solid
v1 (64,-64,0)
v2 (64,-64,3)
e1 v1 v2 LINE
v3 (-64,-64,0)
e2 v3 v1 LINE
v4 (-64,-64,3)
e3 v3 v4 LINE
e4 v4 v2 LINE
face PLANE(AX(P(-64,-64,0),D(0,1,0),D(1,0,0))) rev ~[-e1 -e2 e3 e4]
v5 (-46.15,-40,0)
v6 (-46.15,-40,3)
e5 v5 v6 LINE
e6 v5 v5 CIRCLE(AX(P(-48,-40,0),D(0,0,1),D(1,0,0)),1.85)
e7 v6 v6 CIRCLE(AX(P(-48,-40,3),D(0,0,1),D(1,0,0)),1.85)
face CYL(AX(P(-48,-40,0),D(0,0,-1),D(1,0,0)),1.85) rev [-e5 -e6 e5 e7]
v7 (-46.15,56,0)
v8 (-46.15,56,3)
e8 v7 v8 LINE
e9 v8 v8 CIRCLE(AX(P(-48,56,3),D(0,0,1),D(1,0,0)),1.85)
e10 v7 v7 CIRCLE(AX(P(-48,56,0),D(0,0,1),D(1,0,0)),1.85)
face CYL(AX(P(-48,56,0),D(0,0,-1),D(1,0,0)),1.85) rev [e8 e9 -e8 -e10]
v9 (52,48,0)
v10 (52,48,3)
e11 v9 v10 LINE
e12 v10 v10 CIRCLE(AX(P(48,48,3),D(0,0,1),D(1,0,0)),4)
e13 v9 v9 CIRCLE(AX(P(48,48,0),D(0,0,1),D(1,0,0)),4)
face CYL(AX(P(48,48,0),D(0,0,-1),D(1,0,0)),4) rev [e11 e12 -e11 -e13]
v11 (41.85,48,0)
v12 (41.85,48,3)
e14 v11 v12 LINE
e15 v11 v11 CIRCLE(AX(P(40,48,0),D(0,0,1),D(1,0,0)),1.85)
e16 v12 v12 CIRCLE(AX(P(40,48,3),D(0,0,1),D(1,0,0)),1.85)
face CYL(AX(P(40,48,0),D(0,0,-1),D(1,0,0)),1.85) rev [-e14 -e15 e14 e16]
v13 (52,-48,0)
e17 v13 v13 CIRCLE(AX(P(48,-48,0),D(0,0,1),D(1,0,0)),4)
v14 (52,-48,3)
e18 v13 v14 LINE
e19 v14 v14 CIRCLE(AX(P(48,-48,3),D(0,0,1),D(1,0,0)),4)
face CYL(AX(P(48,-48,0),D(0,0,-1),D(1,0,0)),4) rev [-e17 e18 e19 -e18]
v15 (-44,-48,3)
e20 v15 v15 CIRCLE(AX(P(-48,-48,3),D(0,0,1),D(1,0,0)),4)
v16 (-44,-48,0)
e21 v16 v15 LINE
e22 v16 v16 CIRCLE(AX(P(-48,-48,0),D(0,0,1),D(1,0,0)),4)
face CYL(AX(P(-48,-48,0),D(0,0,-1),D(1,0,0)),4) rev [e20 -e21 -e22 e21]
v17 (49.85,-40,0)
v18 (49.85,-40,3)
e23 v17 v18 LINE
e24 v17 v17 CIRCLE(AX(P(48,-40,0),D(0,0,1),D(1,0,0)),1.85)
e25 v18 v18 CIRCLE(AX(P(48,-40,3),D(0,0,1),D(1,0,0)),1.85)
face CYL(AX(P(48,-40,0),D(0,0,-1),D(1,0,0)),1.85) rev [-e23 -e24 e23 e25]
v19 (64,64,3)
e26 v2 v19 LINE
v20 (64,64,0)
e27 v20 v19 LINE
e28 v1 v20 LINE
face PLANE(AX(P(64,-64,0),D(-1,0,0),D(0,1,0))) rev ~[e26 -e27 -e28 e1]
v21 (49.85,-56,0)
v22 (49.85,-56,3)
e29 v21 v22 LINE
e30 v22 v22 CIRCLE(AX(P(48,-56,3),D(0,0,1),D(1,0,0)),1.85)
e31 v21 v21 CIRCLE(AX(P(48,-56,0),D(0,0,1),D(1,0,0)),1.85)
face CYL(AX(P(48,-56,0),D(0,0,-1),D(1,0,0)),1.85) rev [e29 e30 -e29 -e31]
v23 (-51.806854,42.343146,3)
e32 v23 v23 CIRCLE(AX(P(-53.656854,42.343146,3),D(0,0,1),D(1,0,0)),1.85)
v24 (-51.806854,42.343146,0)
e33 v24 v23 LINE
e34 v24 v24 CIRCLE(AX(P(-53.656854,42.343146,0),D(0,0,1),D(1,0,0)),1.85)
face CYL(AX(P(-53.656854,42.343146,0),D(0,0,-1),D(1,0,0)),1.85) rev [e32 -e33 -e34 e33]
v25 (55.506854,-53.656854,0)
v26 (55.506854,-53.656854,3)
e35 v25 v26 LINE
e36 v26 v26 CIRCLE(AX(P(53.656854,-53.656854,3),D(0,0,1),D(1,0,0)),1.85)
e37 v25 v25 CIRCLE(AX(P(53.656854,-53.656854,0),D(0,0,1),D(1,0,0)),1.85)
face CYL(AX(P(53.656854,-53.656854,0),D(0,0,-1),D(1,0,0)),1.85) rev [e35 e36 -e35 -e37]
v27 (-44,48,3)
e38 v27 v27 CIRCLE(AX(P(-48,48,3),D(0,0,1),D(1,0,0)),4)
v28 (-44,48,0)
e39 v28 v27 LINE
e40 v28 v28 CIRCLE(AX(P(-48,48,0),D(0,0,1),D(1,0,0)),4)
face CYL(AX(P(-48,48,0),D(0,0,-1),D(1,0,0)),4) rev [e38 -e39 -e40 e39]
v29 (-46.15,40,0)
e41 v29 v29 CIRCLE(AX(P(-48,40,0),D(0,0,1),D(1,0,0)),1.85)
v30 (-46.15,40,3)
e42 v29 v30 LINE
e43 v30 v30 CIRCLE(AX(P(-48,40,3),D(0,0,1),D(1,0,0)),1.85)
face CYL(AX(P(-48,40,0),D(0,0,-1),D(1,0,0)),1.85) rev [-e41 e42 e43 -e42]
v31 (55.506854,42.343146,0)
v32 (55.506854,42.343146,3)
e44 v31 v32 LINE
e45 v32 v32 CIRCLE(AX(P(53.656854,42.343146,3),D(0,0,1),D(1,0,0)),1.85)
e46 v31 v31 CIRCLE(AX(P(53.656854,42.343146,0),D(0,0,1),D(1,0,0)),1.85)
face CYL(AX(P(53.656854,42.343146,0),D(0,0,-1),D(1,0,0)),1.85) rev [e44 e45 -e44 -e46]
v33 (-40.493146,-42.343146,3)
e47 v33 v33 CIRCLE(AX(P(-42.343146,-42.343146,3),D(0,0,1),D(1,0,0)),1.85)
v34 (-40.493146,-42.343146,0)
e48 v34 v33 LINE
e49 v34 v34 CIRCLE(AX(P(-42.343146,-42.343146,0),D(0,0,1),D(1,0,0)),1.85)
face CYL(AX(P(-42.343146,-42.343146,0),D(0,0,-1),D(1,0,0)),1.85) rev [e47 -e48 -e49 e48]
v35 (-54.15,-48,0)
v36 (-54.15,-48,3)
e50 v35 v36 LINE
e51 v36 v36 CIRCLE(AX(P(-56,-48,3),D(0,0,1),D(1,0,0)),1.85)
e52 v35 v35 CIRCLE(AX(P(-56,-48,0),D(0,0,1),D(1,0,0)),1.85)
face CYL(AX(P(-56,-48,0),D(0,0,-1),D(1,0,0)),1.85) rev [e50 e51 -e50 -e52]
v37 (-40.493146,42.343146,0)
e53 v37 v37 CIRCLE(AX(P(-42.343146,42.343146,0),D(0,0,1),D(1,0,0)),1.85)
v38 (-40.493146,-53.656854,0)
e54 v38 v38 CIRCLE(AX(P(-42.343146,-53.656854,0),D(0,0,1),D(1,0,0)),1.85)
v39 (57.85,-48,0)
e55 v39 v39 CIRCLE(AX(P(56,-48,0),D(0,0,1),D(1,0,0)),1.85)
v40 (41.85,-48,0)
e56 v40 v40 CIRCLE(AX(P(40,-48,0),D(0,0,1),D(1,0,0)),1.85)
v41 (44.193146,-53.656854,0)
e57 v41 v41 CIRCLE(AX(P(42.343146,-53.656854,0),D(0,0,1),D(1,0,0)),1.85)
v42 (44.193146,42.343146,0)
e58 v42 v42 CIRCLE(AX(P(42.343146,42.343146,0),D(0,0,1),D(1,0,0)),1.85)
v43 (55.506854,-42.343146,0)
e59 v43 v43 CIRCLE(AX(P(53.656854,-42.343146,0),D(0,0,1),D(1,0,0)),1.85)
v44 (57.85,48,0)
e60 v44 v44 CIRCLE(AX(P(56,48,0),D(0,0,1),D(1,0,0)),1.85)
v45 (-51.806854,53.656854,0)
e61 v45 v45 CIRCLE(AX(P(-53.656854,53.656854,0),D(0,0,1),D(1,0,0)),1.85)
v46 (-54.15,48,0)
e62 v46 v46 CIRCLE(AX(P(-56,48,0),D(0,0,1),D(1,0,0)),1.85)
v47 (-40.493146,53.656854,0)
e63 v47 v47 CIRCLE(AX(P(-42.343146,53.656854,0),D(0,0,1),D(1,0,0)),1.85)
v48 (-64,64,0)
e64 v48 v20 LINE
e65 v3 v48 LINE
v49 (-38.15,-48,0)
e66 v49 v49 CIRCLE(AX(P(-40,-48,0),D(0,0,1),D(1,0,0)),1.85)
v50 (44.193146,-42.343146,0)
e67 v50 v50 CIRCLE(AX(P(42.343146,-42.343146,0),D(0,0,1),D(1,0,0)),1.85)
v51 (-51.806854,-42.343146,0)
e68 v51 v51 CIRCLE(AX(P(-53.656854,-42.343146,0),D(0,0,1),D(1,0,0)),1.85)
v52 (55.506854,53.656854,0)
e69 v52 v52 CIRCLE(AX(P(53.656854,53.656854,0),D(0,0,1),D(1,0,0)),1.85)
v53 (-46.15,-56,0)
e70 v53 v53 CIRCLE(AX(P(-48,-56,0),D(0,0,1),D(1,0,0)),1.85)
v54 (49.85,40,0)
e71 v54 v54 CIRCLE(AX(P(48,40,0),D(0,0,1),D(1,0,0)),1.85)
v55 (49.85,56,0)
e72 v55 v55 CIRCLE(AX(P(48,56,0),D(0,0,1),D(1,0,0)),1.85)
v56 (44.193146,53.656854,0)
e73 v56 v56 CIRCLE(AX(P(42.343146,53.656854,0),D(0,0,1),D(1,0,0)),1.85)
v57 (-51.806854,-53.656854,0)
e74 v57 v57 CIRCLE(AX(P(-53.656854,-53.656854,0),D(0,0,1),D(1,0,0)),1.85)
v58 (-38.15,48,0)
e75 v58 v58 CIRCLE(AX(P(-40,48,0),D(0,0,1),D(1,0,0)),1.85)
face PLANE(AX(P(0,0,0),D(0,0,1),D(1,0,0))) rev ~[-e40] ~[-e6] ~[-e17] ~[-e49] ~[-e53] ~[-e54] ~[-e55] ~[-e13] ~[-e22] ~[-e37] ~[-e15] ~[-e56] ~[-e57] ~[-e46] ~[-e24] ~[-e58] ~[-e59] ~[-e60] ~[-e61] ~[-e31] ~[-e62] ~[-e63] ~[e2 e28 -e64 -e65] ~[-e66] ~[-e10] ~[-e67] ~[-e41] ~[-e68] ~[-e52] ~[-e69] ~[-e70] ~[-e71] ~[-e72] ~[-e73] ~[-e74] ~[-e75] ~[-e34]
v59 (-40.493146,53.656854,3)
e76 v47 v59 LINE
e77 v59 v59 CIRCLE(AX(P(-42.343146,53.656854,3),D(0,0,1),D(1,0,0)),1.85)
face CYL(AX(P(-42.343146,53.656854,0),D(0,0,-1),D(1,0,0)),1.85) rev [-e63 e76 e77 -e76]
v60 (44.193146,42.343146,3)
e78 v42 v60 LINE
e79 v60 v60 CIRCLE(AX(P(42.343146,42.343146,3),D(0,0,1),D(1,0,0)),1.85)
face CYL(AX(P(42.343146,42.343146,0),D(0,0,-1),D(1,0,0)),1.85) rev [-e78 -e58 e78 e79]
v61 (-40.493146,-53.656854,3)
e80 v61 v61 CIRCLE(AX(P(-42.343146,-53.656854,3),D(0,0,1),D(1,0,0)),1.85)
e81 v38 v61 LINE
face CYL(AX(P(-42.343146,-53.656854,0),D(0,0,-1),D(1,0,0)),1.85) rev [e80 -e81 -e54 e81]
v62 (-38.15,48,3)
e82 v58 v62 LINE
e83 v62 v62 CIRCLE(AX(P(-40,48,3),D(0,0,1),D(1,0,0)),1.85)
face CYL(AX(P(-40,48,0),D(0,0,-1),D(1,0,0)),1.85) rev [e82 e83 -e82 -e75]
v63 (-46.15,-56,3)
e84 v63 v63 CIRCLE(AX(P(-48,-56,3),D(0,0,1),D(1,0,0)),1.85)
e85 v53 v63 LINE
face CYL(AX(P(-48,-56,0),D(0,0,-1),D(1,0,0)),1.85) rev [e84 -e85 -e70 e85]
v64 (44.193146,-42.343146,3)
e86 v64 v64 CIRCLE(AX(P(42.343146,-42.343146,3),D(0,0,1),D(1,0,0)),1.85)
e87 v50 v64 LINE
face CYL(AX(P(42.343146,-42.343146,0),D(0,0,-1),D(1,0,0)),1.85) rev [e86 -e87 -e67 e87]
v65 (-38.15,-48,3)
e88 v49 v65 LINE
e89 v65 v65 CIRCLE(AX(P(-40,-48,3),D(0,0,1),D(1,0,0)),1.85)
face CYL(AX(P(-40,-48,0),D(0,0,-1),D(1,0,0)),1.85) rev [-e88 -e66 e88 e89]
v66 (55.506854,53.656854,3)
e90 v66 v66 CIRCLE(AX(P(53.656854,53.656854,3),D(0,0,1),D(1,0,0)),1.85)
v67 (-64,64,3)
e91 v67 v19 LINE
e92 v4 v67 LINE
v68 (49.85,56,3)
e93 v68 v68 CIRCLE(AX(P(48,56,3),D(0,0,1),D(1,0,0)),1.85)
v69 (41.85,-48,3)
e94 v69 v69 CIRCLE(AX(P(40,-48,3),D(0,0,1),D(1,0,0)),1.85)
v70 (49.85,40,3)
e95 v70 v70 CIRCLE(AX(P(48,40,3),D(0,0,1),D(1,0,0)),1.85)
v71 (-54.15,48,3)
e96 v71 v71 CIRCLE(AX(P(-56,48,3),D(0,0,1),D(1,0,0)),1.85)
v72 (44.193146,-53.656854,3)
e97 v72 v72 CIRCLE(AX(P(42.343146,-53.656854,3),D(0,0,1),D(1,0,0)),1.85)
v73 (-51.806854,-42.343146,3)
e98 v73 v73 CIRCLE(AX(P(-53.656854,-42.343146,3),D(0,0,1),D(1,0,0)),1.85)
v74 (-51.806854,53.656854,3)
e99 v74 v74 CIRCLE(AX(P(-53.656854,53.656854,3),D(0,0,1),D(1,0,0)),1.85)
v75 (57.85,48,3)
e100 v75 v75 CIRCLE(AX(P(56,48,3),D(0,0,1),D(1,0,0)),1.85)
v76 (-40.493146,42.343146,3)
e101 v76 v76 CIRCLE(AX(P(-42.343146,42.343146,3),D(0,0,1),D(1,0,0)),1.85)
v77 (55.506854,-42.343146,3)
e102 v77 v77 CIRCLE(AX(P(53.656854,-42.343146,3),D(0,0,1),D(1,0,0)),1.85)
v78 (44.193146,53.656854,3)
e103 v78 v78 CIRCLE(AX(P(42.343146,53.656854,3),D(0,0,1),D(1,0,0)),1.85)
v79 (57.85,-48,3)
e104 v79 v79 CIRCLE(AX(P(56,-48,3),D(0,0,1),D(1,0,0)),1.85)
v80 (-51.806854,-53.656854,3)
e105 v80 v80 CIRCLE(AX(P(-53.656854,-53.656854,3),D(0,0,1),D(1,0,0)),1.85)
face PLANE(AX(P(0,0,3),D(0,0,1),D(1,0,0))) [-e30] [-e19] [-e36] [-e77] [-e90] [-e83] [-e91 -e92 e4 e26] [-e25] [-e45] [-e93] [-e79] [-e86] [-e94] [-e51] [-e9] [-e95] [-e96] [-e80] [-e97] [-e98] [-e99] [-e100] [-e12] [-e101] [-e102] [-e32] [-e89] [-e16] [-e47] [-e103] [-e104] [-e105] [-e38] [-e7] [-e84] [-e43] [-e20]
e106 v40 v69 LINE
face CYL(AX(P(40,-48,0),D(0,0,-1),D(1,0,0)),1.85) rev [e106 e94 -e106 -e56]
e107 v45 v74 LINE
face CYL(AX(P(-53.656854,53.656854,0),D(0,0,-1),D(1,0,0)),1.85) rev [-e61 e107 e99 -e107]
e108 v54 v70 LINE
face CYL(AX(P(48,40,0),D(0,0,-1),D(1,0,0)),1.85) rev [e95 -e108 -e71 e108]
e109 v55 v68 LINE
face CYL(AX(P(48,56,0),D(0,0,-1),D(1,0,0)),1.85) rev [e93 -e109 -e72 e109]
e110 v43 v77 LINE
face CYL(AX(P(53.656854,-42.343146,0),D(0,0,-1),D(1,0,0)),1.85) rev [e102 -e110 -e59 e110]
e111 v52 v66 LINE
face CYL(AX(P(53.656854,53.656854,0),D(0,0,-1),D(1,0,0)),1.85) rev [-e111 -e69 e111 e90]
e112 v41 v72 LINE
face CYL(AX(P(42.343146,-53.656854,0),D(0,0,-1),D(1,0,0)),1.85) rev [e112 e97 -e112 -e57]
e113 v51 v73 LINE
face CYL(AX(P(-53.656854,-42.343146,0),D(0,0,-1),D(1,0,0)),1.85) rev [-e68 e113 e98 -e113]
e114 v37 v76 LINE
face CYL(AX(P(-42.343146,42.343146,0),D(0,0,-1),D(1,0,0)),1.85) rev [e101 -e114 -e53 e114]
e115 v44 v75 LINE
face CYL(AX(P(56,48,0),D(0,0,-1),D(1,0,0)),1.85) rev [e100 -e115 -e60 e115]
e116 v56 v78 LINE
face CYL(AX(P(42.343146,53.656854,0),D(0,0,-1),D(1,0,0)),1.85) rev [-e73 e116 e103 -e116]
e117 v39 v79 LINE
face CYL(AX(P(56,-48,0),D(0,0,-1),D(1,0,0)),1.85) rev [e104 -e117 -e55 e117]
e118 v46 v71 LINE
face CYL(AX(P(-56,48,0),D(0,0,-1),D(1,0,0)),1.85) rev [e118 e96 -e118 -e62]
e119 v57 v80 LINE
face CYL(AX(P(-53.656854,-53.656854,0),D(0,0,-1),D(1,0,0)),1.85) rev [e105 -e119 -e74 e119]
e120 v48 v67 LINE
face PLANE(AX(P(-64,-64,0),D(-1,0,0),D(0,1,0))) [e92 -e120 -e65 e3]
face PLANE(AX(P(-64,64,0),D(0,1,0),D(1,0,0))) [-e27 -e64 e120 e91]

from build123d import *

# Parameters (mm, degrees)
F0_W     = 128
F0_H     = 128
F0_R     = 1.85
F0_R_2   = 4
F1_DEPTH = 3


with BuildPart() as f1:
    # F0 (on Top) → F1 (new body)
    with BuildSketch(Plane.XY):
        Rectangle(F0_W, F0_H)
        with Locations((-53.656854, -53.656854)):
            Circle(F0_R, mode=Mode.SUBTRACT)
        with Locations((-48, -56)):
            Circle(F0_R, mode=Mode.SUBTRACT)
        with Locations((-42.343146, -53.656854)):
            Circle(F0_R, mode=Mode.SUBTRACT)
        with Locations((-56, -48)):
            Circle(F0_R, mode=Mode.SUBTRACT)
        with Locations((-53.656854, -42.343146)):
            Circle(F0_R, mode=Mode.SUBTRACT)
        with Locations((-48, -48)):
            Circle(F0_R_2, mode=Mode.SUBTRACT)
        with Locations((-42.343146, -42.343146)):
            Circle(F0_R, mode=Mode.SUBTRACT)
        with Locations((-40, -48)):
            Circle(F0_R, mode=Mode.SUBTRACT)
        with Locations((-48, -40)):
            Circle(F0_R, mode=Mode.SUBTRACT)
        with Locations((42.343146, -53.656854)):
            Circle(F0_R, mode=Mode.SUBTRACT)
        with Locations((48, -56)):
            Circle(F0_R, mode=Mode.SUBTRACT)
        with Locations((53.656854, -53.656854)):
            Circle(F0_R, mode=Mode.SUBTRACT)
        with Locations((40, -48)):
            Circle(F0_R, mode=Mode.SUBTRACT)
        with Locations((42.343146, -42.343146)):
            Circle(F0_R, mode=Mode.SUBTRACT)
        with Locations((48, -48)):
            Circle(F0_R_2, mode=Mode.SUBTRACT)
        with Locations((53.656854, -42.343146)):
            Circle(F0_R, mode=Mode.SUBTRACT)
        with Locations((56, -48)):
            Circle(F0_R, mode=Mode.SUBTRACT)
        with Locations((48, -40)):
            Circle(F0_R, mode=Mode.SUBTRACT)
        with Locations((-53.656854, 42.343146)):
            Circle(F0_R, mode=Mode.SUBTRACT)
        with Locations((-48, 40)):
            Circle(F0_R, mode=Mode.SUBTRACT)
        with Locations((-42.343146, 42.343146)):
            Circle(F0_R, mode=Mode.SUBTRACT)
        with Locations((-56, 48)):
            Circle(F0_R, mode=Mode.SUBTRACT)
        with Locations((-53.656854, 53.656854)):
            Circle(F0_R, mode=Mode.SUBTRACT)
        with Locations((-48, 48)):
            Circle(F0_R_2, mode=Mode.SUBTRACT)
        with Locations((-42.343146, 53.656854)):
            Circle(F0_R, mode=Mode.SUBTRACT)
        with Locations((-40, 48)):
            Circle(F0_R, mode=Mode.SUBTRACT)
        with Locations((-48, 56)):
            Circle(F0_R, mode=Mode.SUBTRACT)
        with Locations((42.343146, 42.343146)):
            Circle(F0_R, mode=Mode.SUBTRACT)
        with Locations((48, 40)):
            Circle(F0_R, mode=Mode.SUBTRACT)
        with Locations((53.656854, 42.343146)):
            Circle(F0_R, mode=Mode.SUBTRACT)
        with Locations((40, 48)):
            Circle(F0_R, mode=Mode.SUBTRACT)
        with Locations((42.343146, 53.656854)):
            Circle(F0_R, mode=Mode.SUBTRACT)
        with Locations((48, 48)):
            Circle(F0_R_2, mode=Mode.SUBTRACT)
        with Locations((53.656854, 53.656854)):
            Circle(F0_R, mode=Mode.SUBTRACT)
        with Locations((56, 48)):
            Circle(F0_R, mode=Mode.SUBTRACT)
        with Locations((48, 56)):
            Circle(F0_R, mode=Mode.SUBTRACT)
    extrude(amount=F1_DEPTH)


solid = f1.part
